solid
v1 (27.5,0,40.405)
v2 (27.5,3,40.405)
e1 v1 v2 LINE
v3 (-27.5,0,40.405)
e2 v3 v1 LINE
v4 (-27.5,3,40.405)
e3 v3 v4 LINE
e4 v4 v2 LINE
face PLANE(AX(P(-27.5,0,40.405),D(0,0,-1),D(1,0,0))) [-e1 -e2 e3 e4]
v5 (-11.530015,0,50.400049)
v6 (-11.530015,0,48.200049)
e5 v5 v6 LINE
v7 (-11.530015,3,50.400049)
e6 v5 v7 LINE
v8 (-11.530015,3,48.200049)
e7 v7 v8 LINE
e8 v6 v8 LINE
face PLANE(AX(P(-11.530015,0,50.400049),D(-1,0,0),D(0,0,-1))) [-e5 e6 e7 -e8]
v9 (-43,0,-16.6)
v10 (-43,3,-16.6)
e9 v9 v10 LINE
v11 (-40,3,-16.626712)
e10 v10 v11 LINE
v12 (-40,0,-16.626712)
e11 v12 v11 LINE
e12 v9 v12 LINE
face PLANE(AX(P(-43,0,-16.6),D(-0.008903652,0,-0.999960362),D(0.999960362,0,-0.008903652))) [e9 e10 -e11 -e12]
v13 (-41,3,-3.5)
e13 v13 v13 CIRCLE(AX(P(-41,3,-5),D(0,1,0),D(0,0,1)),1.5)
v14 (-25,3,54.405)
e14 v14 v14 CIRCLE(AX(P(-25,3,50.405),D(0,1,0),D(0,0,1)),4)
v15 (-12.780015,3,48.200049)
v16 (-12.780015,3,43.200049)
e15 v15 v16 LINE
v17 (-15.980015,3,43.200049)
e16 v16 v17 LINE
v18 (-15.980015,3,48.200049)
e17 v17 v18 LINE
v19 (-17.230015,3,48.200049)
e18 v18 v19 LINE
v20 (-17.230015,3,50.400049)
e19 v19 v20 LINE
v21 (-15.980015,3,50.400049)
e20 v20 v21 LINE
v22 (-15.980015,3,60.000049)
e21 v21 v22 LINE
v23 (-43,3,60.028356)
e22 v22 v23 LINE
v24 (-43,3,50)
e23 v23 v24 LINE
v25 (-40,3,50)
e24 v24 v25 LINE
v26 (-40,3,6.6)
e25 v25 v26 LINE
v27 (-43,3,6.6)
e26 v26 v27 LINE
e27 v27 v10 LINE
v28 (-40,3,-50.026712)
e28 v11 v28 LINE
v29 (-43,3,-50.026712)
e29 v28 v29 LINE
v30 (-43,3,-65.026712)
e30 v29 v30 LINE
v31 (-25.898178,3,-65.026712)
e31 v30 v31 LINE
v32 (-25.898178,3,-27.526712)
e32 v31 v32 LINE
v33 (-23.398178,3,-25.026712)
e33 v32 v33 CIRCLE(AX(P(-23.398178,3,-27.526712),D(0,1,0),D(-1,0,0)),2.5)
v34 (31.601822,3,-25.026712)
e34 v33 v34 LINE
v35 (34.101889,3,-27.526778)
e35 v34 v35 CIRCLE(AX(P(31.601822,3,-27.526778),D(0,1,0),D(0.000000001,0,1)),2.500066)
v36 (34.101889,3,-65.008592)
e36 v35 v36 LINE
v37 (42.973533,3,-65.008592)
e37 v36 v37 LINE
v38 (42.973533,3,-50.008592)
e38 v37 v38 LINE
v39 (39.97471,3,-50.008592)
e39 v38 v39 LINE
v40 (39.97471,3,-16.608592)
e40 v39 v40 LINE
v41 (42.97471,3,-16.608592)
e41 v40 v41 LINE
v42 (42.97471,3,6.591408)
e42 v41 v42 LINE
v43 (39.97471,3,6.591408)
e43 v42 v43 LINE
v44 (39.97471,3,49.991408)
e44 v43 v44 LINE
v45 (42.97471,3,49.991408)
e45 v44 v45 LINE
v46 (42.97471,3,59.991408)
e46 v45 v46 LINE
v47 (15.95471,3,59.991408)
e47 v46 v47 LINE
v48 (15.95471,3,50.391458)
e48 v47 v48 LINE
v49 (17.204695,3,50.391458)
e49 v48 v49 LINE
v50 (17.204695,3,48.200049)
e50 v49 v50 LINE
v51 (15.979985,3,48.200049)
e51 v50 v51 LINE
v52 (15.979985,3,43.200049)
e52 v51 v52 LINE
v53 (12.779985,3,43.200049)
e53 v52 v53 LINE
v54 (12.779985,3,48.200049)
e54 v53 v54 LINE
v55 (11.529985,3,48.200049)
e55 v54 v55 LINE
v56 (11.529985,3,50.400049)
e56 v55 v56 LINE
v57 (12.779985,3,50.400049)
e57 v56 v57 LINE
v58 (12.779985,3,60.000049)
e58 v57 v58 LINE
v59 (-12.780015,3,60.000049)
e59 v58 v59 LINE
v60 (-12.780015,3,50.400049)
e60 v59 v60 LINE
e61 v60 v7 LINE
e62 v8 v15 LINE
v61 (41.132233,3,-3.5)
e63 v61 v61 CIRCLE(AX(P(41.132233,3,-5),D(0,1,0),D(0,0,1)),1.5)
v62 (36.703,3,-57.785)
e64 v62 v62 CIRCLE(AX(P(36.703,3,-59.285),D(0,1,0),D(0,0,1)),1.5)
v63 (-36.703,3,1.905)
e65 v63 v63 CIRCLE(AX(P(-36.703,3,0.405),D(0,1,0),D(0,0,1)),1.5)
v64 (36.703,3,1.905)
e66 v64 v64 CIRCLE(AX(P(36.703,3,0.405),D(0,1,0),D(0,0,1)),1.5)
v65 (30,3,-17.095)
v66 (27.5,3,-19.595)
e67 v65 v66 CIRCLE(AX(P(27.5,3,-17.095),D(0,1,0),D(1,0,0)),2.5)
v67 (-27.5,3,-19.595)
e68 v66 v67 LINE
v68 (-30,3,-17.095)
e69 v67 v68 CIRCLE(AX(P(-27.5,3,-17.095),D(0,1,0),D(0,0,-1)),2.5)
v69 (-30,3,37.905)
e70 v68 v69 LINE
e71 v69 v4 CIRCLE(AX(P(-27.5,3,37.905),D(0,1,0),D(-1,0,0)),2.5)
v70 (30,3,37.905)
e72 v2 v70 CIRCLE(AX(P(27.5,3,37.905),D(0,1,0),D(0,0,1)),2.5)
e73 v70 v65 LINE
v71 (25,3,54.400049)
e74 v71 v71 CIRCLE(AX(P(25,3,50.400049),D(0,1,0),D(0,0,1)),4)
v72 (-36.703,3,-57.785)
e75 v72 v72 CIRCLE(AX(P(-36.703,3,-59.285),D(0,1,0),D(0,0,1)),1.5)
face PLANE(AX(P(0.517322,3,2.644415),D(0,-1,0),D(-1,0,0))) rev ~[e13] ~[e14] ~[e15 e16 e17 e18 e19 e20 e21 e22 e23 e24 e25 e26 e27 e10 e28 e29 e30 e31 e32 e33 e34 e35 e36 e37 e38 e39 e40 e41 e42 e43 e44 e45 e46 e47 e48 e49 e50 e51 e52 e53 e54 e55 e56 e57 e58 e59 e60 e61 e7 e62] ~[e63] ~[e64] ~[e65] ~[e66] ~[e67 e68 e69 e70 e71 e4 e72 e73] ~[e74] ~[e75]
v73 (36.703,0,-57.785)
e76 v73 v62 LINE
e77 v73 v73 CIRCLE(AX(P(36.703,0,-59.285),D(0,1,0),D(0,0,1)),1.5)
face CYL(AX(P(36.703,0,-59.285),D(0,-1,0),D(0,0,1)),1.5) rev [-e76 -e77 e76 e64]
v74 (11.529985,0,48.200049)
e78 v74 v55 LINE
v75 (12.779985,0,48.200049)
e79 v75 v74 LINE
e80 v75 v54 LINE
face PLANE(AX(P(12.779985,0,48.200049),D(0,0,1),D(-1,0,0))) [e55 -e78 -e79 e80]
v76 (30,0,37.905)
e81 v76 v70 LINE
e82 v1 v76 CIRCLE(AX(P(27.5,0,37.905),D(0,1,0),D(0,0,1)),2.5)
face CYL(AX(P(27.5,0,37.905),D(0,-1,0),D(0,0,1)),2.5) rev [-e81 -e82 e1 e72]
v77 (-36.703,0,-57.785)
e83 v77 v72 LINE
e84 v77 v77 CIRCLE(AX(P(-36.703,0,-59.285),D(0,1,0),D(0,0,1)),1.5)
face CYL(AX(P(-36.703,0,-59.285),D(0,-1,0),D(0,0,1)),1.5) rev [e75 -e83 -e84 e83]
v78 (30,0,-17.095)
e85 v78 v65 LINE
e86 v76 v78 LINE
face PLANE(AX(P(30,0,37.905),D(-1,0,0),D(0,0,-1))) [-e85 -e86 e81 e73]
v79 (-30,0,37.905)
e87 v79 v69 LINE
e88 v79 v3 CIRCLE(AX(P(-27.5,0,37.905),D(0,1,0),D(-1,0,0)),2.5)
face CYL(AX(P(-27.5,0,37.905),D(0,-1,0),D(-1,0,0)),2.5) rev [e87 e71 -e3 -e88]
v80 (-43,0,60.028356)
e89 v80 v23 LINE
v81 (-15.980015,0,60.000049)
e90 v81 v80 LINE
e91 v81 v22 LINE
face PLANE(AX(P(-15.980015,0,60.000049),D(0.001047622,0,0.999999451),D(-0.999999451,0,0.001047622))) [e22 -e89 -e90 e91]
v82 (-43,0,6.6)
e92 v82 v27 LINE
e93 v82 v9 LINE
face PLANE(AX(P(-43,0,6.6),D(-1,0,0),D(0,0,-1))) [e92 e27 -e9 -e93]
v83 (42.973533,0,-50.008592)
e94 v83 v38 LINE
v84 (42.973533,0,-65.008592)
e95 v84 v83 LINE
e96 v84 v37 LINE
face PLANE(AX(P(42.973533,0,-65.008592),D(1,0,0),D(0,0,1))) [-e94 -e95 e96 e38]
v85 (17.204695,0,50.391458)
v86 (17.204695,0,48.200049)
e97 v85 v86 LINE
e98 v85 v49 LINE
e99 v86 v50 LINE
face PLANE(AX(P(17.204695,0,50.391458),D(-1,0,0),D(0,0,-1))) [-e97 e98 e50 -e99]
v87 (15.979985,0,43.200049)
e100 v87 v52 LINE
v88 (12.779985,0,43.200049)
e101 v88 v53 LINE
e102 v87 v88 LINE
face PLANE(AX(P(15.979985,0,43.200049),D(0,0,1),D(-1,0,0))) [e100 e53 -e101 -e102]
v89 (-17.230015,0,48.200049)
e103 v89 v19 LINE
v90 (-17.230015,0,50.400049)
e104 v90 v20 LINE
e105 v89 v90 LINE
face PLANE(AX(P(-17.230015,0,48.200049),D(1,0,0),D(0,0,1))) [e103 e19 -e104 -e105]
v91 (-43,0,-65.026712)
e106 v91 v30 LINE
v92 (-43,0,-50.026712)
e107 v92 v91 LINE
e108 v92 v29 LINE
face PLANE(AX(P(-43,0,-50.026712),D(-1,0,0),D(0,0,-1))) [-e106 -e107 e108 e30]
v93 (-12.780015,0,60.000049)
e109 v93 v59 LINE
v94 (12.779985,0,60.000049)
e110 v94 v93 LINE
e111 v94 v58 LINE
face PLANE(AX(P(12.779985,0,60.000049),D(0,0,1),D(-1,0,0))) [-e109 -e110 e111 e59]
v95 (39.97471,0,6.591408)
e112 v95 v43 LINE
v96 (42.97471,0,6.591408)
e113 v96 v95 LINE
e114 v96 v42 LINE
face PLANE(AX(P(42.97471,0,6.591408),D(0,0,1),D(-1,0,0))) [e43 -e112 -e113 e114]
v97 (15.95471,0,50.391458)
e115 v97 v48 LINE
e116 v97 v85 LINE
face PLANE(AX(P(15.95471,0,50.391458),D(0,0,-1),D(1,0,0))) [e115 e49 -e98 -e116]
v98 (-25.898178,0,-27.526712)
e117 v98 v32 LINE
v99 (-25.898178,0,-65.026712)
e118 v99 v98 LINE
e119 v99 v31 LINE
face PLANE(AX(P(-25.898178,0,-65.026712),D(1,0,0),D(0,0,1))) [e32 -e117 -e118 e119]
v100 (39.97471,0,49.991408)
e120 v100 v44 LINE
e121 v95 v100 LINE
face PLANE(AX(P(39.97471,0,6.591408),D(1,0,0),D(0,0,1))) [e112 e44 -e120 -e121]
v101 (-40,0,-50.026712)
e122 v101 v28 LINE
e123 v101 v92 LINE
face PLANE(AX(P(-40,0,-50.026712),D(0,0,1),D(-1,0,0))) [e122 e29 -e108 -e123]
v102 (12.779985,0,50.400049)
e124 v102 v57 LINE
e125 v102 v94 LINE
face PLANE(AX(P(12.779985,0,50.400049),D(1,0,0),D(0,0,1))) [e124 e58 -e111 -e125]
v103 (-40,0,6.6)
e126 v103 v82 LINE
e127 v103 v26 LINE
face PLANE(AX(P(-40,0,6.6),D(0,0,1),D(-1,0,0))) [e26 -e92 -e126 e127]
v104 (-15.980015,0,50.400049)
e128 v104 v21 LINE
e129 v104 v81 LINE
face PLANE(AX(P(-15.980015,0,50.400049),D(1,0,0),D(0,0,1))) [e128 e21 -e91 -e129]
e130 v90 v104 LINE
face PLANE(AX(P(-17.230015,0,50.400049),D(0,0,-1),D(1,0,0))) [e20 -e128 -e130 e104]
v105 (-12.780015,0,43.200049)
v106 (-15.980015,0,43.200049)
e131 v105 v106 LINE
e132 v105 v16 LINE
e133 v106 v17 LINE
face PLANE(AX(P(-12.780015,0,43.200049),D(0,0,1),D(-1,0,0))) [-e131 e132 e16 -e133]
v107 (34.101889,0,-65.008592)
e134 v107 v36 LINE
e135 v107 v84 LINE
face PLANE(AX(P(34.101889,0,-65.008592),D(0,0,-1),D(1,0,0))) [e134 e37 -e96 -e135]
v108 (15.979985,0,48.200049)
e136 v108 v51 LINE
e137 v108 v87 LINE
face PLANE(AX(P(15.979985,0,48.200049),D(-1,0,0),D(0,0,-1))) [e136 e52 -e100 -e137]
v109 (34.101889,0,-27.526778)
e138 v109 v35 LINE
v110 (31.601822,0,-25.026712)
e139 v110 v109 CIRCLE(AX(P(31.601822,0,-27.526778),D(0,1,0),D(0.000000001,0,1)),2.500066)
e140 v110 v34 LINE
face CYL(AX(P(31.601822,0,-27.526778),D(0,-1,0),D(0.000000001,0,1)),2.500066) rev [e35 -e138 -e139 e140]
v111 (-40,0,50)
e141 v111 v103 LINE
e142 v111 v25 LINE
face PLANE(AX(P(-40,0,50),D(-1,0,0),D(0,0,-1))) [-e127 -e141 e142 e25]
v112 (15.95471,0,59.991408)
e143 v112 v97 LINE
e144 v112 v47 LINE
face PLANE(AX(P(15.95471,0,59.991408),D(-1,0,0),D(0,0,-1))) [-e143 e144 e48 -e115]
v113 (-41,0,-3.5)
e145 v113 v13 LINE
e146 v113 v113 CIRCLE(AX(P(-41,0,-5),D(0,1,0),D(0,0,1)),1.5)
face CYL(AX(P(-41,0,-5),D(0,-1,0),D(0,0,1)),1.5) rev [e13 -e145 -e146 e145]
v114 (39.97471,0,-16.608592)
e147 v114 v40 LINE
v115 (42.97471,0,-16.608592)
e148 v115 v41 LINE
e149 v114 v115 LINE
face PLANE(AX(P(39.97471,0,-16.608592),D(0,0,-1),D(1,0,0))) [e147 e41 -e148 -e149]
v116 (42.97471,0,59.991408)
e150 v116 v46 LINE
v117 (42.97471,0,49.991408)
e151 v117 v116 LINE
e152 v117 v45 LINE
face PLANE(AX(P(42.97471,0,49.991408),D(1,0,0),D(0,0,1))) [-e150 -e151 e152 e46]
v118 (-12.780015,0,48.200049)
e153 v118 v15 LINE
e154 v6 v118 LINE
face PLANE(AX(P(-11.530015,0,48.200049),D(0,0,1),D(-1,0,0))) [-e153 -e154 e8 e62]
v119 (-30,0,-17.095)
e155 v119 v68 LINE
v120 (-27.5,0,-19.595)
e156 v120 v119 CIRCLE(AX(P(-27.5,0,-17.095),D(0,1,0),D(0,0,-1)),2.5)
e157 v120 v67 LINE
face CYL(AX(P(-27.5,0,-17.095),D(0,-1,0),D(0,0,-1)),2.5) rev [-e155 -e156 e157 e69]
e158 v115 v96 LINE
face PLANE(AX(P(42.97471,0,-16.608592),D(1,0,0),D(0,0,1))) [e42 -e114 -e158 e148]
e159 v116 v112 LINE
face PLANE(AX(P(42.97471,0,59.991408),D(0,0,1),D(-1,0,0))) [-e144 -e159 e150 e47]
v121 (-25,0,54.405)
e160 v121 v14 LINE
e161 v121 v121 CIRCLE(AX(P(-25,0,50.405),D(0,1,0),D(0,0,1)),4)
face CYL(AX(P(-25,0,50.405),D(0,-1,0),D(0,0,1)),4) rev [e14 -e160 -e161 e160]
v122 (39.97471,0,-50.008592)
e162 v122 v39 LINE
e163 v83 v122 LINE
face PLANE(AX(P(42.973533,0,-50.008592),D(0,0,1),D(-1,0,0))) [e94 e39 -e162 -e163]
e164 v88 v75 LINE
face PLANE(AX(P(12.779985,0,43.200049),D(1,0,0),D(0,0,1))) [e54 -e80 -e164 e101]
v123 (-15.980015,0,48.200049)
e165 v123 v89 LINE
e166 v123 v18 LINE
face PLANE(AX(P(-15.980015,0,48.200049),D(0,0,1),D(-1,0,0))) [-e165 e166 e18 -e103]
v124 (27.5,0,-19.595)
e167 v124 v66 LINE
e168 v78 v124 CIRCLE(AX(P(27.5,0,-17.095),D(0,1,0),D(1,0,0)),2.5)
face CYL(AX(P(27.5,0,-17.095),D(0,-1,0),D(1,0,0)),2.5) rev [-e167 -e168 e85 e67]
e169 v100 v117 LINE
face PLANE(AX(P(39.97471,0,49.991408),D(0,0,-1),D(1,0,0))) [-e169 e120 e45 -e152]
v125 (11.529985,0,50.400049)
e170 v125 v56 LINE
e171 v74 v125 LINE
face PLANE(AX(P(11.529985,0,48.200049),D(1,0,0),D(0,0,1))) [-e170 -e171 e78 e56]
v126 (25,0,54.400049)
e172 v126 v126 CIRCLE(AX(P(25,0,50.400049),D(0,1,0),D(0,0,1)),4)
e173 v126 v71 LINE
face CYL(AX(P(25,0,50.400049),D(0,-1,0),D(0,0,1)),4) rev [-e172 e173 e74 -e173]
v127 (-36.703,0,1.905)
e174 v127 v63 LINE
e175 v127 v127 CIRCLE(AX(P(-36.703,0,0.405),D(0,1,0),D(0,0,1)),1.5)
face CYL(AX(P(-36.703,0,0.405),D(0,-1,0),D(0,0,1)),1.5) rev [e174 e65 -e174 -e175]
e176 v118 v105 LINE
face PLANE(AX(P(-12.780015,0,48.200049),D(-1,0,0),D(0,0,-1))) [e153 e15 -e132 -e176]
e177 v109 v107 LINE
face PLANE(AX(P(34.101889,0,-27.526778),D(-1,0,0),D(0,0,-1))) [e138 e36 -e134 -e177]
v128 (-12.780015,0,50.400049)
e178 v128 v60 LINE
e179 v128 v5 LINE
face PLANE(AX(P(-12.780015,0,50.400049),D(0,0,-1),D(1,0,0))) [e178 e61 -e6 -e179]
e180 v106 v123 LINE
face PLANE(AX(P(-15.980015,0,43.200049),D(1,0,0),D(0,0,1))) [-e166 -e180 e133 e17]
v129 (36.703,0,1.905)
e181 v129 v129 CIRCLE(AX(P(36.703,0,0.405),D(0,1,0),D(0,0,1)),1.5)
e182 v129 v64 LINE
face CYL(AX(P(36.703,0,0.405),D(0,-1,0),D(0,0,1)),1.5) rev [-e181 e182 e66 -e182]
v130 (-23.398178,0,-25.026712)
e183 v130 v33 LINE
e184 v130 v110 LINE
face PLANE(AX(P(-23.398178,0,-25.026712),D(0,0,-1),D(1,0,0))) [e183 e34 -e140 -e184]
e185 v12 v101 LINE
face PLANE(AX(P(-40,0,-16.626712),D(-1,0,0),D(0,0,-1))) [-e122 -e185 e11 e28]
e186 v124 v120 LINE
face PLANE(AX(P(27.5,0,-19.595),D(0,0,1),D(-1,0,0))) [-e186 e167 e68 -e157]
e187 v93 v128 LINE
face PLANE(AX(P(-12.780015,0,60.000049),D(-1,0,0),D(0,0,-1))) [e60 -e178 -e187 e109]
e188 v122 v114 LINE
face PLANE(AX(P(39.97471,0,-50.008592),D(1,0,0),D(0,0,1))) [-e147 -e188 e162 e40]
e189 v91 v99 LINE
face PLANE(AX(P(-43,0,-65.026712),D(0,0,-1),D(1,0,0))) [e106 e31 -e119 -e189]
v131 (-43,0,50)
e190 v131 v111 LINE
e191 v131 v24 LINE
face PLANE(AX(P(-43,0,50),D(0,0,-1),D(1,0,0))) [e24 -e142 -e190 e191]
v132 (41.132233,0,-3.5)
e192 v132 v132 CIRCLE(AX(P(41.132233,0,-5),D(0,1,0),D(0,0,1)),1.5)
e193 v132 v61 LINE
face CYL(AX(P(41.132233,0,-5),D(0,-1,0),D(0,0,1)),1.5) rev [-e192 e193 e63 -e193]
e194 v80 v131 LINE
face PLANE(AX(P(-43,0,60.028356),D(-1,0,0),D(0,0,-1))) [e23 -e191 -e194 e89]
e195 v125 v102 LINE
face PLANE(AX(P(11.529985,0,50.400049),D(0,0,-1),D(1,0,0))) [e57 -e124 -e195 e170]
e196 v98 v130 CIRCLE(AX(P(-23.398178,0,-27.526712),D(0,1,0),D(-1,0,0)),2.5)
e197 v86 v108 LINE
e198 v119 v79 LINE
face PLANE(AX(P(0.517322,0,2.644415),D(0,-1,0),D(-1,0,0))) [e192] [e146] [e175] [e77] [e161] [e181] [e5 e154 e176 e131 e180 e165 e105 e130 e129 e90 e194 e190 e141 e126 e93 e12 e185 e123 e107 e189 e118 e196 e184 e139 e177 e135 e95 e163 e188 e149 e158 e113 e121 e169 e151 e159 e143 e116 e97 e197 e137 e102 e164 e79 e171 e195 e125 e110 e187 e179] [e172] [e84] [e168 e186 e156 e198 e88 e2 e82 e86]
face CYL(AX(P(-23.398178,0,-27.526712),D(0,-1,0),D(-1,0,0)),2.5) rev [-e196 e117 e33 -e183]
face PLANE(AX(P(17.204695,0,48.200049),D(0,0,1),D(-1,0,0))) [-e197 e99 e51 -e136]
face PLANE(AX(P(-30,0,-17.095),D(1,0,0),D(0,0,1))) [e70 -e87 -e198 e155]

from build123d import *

# Parameters (mm, degrees)
SKETCH1_R           = 1.5
SKETCH1_R_2         = 4
BOSS_EXTRUDE2_DEPTH = 3


with BuildPart() as part:
    # Sketch1 → Boss-Extrude2 (new body)
    with BuildSketch(Plane(origin=(0, 0, 0), x_dir=(1, 0, 0), z_dir=(0, 1, 0))):
        with BuildLine():
            Line((-43, 65.026712015), (-25.898177638, 65.026712015))
            Line((-25.898177638, 65.026712015), (-25.898177638, 27.526712015))
            ThreePointArc((-25.898177638, 27.526712015), (-25.165944591, 25.758945062), (-23.398177638, 25.026712015))
            Line((-23.398177638, 25.026712015), (31.601822362, 25.026712015))
            ThreePointArc((31.601822362, 25.026712015), (33.369636089, 25.758964437), (34.101888511, 27.526778164))
            Line((34.101888511, 27.526778164), (34.101888511, 65.008591724))
            Line((34.101888511, 65.008591724), (42.973532608, 65.008591724))
            Line((42.973532608, 65.008591724), (42.973532608, 50.008591724))
            Line((42.973532608, 50.008591724), (39.974710246, 50.008591724))
            Line((39.974710246, 50.008591724), (39.974710246, 16.608591724))
            Line((39.974710246, 16.608591724), (42.974710246, 16.608591724))
            Line((42.974710246, 16.608591724), (42.974710246, -6.591408276))
            Line((42.974710246, -6.591408276), (39.974710246, -6.591408276))
            Line((39.974710246, -6.591408276), (39.974710246, -49.991408276))
            Line((39.974710246, -49.991408276), (42.974710246, -49.991408276))
            Line((42.974710246, -49.991408276), (42.974710246, -59.991408276))
            Line((42.974710246, -59.991408276), (15.954710246, -59.991408276))
            Line((15.954710246, -59.991408276), (15.954710246, -50.391457529))
            Line((15.954710246, -50.391457529), (17.204695418, -50.391457529))
            Line((17.204695418, -50.391457529), (17.204695418, -48.200049254))
            Line((17.204695418, -48.200049254), (15.979985173, -48.200049254))
            Line((15.979985173, -48.200049254), (15.979985173, -43.200049254))
            Line((15.979985173, -43.200049254), (12.779985173, -43.200049254))
            Line((12.779985173, -43.200049254), (12.779985173, -48.200049254))
            Line((12.779985173, -48.200049254), (11.529985173, -48.200049254))
            Line((11.529985173, -48.200049254), (11.529985173, -50.400049254))
            Line((11.529985173, -50.400049254), (12.779985173, -50.400049254))
            Line((12.779985173, -50.400049254), (12.779985173, -60.000049254))
            Line((12.779985173, -60.000049254), (-12.780014827, -60.000049254))
            Line((-12.780014827, -60.000049254), (-12.780014827, -50.400049254))
            Line((-12.780014827, -50.400049254), (-11.530014827, -50.400049254))
            Line((-11.530014827, -50.400049254), (-11.530014827, -48.200049254))
            Line((-11.530014827, -48.200049254), (-12.780014827, -48.200049254))
            Line((-12.780014827, -48.200049254), (-12.780014827, -43.200049254))
            Line((-12.780014827, -43.200049254), (-15.980014827, -43.200049254))
            Line((-15.980014827, -43.200049254), (-15.980014827, -48.200049254))
            Line((-15.980014827, -48.200049254), (-17.230014827, -48.200049254))
            Line((-17.230014827, -48.200049254), (-17.230014827, -50.400049254))
            Line((-17.230014827, -50.400049254), (-15.980014827, -50.400049254))
            Line((-15.980014827, -50.400049254), (-15.980014827, -60.000049254))
            Line((-15.980014827, -60.000049254), (-43, -60.028356008))
            Line((-43, -60.028356008), (-43, -50))
            Line((-43, -50), (-40, -50))
            Line((-40, -50), (-40, -6.6))
            Line((-40, -6.6), (-43, -6.6))
            Line((-43, -6.6), (-43, 16.6))
            Line((-43, 16.6), (-40, 16.626712015))
            Line((-40, 16.626712015), (-40, 50.026712015))
            Line((-40, 50.026712015), (-43, 50.026712015))
            Line((-43, 50.026712015), (-43, 65.026712015))
        make_face()
        with Locations(Location((-41, 5, 0), (0, 0, 270))):
            Circle(SKETCH1_R, mode=Mode.SUBTRACT)
        with Locations(Location((-36.703, 59.285, 0), (0, 0, 270))):
            Circle(SKETCH1_R, mode=Mode.SUBTRACT)
        with Locations(Location((36.703, 59.285, 0), (0, 0, 270))):
            Circle(SKETCH1_R, mode=Mode.SUBTRACT)
        with Locations(Location((-36.703, -0.405, 0), (0, 0, 270))):
            Circle(SKETCH1_R, mode=Mode.SUBTRACT)
        with Locations(Location((36.703, -0.405, 0), (0, 0, 270))):
            Circle(SKETCH1_R, mode=Mode.SUBTRACT)
        with Locations(Location((-25, -50.405, 0), (0, 0, 270))):
            Circle(SKETCH1_R_2, mode=Mode.SUBTRACT)
        with Locations(Location((25, -50.400049254, 0), (0, 0, 270))):
            Circle(SKETCH1_R_2, mode=Mode.SUBTRACT)
        with Locations(Location((41.13223265, 5, 0), (0, 0, 270))):
            Circle(SKETCH1_R, mode=Mode.SUBTRACT)
        with BuildLine():
            Line((0, -40.405), (27.5, -40.405))
            ThreePointArc((27.5, -40.405), (29.267766953, -39.672766953), (30, -37.905))
            Line((30, -37.905), (30, 17.095))
            ThreePointArc((30, 17.095), (29.267766953, 18.862766953), (27.5, 19.595))
            Line((27.5, 19.595), (0, 19.595))
            Line((0, 19.595), (-27.5, 19.595))
            ThreePointArc((-27.5, 19.595), (-29.267766953, 18.862766953), (-30, 17.095))
            Line((-30, 17.095), (-30, -37.905))
            ThreePointArc((-30, -37.905), (-29.267766953, -39.672766953), (-27.5, -40.405))
            Line((-27.5, -40.405), (0, -40.405))
        make_face(mode=Mode.SUBTRACT)
    extrude(amount=BOSS_EXTRUDE2_DEPTH)


solid = part.part
